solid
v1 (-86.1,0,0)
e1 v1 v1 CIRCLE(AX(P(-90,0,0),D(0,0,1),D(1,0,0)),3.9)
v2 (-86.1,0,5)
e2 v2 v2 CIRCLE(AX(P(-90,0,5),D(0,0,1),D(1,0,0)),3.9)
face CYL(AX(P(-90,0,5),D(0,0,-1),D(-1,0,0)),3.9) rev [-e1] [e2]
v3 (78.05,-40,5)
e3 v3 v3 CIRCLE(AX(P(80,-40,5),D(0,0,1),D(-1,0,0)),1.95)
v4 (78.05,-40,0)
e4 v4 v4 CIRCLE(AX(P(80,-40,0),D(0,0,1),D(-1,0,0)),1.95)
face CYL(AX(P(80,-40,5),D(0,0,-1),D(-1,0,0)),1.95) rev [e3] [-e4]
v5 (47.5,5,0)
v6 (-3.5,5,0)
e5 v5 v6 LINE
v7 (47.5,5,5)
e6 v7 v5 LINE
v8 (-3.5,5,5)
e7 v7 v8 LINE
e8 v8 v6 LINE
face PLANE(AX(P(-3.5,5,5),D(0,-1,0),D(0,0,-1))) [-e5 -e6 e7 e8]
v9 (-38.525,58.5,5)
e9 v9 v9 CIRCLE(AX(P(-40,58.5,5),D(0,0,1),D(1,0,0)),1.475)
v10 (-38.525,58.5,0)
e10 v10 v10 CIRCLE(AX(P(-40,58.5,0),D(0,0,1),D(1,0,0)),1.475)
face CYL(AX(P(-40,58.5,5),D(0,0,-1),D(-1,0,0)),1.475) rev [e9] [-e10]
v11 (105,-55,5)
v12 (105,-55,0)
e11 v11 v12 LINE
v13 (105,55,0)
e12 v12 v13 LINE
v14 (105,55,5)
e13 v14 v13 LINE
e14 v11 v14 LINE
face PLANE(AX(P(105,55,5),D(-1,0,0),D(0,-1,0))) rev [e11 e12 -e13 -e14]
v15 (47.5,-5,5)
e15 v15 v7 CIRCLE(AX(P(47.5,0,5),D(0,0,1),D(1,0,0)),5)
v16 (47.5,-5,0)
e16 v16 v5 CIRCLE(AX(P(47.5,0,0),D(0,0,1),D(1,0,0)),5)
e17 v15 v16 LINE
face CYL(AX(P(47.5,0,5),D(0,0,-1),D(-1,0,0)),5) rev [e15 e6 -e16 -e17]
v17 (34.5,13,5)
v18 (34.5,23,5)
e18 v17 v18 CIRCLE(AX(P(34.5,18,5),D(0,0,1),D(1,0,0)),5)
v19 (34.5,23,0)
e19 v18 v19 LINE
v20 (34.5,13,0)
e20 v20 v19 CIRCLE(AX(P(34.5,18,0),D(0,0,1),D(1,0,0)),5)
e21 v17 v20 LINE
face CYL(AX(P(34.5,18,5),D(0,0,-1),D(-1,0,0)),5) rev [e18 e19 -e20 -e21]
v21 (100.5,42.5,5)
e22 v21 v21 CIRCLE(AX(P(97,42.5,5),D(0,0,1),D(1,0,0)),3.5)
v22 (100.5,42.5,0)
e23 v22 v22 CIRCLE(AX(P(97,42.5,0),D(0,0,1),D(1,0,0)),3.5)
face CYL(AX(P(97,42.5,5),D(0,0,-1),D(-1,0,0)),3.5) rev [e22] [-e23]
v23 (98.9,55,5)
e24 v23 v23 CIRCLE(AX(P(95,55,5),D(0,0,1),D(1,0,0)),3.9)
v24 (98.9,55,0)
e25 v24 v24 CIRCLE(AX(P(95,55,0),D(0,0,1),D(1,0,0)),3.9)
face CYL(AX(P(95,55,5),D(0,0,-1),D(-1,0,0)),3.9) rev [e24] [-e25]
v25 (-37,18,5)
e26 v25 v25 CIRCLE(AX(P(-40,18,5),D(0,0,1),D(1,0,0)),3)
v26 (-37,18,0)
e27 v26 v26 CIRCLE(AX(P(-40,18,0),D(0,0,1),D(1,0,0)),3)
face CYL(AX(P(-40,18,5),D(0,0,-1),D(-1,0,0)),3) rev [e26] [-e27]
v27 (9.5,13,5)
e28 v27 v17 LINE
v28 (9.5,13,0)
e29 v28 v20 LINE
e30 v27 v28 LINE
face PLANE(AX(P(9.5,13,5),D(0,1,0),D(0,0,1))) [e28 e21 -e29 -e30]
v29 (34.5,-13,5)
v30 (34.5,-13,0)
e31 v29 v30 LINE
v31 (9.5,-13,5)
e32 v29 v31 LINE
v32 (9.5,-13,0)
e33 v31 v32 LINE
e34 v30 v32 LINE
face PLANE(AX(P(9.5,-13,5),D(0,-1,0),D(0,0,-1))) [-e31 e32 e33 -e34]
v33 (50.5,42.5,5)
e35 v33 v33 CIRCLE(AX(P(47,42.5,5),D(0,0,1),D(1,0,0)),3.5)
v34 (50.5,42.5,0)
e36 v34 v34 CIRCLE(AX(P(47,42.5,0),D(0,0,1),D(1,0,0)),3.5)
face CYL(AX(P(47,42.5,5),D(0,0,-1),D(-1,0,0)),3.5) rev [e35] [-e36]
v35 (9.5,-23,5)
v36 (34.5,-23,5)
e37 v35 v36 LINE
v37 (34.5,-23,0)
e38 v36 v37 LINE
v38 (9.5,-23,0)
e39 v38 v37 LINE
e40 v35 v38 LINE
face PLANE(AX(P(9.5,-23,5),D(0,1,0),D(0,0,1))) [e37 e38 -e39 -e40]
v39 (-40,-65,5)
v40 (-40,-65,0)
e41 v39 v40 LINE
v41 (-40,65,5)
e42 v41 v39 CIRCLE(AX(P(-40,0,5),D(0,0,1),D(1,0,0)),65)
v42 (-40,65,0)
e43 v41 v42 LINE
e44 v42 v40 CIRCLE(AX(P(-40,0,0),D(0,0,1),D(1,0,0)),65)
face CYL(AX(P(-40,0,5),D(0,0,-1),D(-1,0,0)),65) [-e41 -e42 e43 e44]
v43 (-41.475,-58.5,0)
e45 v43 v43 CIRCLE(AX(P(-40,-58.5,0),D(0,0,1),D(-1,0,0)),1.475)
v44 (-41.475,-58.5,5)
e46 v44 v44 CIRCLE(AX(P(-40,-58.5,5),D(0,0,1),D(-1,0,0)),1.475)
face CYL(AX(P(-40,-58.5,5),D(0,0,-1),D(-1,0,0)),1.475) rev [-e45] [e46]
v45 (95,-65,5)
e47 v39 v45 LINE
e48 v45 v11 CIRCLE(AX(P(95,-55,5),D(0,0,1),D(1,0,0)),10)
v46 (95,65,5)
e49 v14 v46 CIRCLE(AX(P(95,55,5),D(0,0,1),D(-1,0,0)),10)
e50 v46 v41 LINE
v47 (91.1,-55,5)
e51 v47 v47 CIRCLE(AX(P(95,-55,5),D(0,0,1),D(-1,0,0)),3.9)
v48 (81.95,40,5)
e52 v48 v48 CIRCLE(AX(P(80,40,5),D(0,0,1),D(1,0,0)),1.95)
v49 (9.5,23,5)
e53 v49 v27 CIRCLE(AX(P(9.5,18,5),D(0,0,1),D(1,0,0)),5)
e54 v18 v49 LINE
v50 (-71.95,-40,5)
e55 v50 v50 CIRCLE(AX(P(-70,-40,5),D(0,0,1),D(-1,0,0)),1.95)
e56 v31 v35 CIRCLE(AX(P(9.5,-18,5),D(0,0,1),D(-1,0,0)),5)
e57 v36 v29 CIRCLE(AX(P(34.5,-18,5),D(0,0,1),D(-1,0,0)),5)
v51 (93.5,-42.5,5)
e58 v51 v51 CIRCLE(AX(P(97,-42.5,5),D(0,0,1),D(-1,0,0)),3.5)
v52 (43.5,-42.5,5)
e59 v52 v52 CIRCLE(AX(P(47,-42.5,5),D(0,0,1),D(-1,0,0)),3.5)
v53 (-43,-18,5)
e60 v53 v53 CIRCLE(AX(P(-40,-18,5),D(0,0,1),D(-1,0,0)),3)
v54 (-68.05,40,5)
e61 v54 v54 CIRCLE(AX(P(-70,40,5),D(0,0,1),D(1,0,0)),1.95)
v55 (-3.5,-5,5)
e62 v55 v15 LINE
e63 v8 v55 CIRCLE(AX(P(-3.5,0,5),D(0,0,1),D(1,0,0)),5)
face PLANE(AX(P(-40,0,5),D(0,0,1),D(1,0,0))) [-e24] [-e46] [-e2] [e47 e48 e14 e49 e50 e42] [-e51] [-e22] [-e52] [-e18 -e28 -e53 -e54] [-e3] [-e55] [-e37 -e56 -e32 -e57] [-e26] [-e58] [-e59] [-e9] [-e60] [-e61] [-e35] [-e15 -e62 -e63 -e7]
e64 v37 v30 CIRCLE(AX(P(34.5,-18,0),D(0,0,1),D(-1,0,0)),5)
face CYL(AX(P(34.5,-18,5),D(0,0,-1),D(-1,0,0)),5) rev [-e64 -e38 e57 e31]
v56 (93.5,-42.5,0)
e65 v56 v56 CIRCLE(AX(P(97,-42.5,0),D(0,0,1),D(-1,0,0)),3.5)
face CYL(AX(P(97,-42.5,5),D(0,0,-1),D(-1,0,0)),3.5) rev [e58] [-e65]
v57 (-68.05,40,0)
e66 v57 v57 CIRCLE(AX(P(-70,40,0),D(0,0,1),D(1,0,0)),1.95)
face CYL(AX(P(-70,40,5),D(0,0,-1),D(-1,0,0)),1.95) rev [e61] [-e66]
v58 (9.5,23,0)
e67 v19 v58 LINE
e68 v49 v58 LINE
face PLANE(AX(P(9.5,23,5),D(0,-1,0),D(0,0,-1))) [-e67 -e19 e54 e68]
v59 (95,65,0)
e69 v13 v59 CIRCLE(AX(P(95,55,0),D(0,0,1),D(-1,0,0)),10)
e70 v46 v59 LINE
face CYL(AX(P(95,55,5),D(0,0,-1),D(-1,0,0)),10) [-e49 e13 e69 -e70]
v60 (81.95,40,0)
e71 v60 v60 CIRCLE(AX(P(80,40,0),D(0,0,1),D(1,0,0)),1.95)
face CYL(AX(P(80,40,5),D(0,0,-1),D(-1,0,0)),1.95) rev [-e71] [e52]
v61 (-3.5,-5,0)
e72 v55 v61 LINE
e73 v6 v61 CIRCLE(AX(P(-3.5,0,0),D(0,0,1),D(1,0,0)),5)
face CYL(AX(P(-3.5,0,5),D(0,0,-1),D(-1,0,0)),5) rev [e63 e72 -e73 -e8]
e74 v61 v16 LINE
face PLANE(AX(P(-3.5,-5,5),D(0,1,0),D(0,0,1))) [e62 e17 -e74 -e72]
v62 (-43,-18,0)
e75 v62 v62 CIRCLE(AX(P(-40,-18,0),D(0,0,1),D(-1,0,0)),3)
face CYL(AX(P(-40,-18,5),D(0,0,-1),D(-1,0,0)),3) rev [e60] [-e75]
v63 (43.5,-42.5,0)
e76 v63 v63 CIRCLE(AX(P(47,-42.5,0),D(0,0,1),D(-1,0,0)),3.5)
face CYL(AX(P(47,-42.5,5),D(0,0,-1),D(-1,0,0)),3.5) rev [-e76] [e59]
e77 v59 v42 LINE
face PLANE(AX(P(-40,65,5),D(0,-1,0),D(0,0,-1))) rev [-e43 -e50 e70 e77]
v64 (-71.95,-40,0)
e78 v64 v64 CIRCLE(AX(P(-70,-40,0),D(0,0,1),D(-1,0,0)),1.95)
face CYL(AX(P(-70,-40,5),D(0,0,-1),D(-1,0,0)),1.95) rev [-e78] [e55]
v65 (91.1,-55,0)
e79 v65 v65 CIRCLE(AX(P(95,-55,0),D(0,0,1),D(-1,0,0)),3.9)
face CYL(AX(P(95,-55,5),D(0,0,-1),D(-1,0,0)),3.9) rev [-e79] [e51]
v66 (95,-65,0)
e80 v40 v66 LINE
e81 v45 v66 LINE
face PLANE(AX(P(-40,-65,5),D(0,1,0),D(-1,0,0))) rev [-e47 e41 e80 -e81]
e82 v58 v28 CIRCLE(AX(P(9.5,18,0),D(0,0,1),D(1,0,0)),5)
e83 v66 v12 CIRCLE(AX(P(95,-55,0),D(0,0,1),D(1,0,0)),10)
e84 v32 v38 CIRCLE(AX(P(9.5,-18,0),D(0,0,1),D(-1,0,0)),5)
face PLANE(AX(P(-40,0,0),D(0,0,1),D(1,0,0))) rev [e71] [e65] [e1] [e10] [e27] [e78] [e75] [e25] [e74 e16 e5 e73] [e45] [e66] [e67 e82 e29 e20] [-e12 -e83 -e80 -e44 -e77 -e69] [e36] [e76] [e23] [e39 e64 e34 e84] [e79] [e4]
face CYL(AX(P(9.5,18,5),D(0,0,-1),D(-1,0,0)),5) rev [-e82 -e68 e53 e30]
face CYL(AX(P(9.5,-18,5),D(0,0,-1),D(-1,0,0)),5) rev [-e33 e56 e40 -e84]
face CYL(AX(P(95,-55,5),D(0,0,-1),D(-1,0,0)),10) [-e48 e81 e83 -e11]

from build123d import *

# Parameters (mm, degrees)
SKETCH1_R           = 3.9
SKETCH1_R_2         = 3
SKETCH1_R_3         = 1.95
SKETCH1_R_4         = 3.5
SKETCH1_R_5         = 1.475
BOSS_EXTRUDE2_DEPTH = 5


with BuildPart() as part:
    # Sketch1 → Boss-Extrude2 (new body)
    with BuildSketch(Plane.XY):
        with BuildLine():
            Line((-40, -65), (95, -65))
            ThreePointArc((95, -65), (102.071067812, -62.071067812), (105, -55))
            Line((105, -55), (105, 55))
            ThreePointArc((105, 55), (102.071067812, 62.071067812), (95, 65))
            Line((95, 65), (-40, 65))
            ThreePointArc((-40, 65), (-105, 0), (-40, -65))
        make_face()
        with Locations((95, 55)):
            Circle(SKETCH1_R, mode=Mode.SUBTRACT)
        with Locations((95, -55)):
            Circle(SKETCH1_R, mode=Mode.SUBTRACT)
        with Locations((-90, 0)):
            Circle(SKETCH1_R, mode=Mode.SUBTRACT)
        with Locations((-40, -18)):
            Circle(SKETCH1_R_2, mode=Mode.SUBTRACT)
        with Locations((-40, 18)):
            Circle(SKETCH1_R_2, mode=Mode.SUBTRACT)
        with Locations((80, 40)):
            Circle(SKETCH1_R_3, mode=Mode.SUBTRACT)
        with Locations((80, -40)):
            Circle(SKETCH1_R_3, mode=Mode.SUBTRACT)
        with Locations((-70, 40)):
            Circle(SKETCH1_R_3, mode=Mode.SUBTRACT)
        with Locations((-70, -40)):
            Circle(SKETCH1_R_3, mode=Mode.SUBTRACT)
        with Locations((47, 42.5)):
            Circle(SKETCH1_R_4, mode=Mode.SUBTRACT)
        with Locations((97, 42.5)):
            Circle(SKETCH1_R_4, mode=Mode.SUBTRACT)
        with Locations((97, -42.5)):
            Circle(SKETCH1_R_4, mode=Mode.SUBTRACT)
        with Locations((47, -42.5)):
            Circle(SKETCH1_R_4, mode=Mode.SUBTRACT)
        with Locations((-40, 58.5)):
            Circle(SKETCH1_R_5, mode=Mode.SUBTRACT)
        with Locations((-40, -58.5)):
            Circle(SKETCH1_R_5, mode=Mode.SUBTRACT)
        with BuildLine():
            Line((-3.5, 5), (47.5, 5))
            ThreePointArc((47.5, 5), (52.5, 0), (47.5, -5))
            Line((47.5, -5), (-3.5, -5))
            ThreePointArc((-3.5, -5), (-8.5, 0), (-3.5, 5))
        make_face(mode=Mode.SUBTRACT)
        with BuildLine():
            Line((9.5, 23), (34.5, 23))
            ThreePointArc((34.5, 23), (39.5, 18), (34.5, 13))
            Line((34.5, 13), (9.5, 13))
            ThreePointArc((9.5, 13), (4.5, 18), (9.5, 23))
        make_face(mode=Mode.SUBTRACT)
        with BuildLine():
            Line((9.5, -23), (34.5, -23))
            ThreePointArc((34.5, -23), (39.5, -18), (34.5, -13))
            Line((34.5, -13), (9.5, -13))
            ThreePointArc((9.5, -13), (4.5, -18), (9.5, -23))
        make_face(mode=Mode.SUBTRACT)
    extrude(amount=BOSS_EXTRUDE2_DEPTH)


solid = part.part
